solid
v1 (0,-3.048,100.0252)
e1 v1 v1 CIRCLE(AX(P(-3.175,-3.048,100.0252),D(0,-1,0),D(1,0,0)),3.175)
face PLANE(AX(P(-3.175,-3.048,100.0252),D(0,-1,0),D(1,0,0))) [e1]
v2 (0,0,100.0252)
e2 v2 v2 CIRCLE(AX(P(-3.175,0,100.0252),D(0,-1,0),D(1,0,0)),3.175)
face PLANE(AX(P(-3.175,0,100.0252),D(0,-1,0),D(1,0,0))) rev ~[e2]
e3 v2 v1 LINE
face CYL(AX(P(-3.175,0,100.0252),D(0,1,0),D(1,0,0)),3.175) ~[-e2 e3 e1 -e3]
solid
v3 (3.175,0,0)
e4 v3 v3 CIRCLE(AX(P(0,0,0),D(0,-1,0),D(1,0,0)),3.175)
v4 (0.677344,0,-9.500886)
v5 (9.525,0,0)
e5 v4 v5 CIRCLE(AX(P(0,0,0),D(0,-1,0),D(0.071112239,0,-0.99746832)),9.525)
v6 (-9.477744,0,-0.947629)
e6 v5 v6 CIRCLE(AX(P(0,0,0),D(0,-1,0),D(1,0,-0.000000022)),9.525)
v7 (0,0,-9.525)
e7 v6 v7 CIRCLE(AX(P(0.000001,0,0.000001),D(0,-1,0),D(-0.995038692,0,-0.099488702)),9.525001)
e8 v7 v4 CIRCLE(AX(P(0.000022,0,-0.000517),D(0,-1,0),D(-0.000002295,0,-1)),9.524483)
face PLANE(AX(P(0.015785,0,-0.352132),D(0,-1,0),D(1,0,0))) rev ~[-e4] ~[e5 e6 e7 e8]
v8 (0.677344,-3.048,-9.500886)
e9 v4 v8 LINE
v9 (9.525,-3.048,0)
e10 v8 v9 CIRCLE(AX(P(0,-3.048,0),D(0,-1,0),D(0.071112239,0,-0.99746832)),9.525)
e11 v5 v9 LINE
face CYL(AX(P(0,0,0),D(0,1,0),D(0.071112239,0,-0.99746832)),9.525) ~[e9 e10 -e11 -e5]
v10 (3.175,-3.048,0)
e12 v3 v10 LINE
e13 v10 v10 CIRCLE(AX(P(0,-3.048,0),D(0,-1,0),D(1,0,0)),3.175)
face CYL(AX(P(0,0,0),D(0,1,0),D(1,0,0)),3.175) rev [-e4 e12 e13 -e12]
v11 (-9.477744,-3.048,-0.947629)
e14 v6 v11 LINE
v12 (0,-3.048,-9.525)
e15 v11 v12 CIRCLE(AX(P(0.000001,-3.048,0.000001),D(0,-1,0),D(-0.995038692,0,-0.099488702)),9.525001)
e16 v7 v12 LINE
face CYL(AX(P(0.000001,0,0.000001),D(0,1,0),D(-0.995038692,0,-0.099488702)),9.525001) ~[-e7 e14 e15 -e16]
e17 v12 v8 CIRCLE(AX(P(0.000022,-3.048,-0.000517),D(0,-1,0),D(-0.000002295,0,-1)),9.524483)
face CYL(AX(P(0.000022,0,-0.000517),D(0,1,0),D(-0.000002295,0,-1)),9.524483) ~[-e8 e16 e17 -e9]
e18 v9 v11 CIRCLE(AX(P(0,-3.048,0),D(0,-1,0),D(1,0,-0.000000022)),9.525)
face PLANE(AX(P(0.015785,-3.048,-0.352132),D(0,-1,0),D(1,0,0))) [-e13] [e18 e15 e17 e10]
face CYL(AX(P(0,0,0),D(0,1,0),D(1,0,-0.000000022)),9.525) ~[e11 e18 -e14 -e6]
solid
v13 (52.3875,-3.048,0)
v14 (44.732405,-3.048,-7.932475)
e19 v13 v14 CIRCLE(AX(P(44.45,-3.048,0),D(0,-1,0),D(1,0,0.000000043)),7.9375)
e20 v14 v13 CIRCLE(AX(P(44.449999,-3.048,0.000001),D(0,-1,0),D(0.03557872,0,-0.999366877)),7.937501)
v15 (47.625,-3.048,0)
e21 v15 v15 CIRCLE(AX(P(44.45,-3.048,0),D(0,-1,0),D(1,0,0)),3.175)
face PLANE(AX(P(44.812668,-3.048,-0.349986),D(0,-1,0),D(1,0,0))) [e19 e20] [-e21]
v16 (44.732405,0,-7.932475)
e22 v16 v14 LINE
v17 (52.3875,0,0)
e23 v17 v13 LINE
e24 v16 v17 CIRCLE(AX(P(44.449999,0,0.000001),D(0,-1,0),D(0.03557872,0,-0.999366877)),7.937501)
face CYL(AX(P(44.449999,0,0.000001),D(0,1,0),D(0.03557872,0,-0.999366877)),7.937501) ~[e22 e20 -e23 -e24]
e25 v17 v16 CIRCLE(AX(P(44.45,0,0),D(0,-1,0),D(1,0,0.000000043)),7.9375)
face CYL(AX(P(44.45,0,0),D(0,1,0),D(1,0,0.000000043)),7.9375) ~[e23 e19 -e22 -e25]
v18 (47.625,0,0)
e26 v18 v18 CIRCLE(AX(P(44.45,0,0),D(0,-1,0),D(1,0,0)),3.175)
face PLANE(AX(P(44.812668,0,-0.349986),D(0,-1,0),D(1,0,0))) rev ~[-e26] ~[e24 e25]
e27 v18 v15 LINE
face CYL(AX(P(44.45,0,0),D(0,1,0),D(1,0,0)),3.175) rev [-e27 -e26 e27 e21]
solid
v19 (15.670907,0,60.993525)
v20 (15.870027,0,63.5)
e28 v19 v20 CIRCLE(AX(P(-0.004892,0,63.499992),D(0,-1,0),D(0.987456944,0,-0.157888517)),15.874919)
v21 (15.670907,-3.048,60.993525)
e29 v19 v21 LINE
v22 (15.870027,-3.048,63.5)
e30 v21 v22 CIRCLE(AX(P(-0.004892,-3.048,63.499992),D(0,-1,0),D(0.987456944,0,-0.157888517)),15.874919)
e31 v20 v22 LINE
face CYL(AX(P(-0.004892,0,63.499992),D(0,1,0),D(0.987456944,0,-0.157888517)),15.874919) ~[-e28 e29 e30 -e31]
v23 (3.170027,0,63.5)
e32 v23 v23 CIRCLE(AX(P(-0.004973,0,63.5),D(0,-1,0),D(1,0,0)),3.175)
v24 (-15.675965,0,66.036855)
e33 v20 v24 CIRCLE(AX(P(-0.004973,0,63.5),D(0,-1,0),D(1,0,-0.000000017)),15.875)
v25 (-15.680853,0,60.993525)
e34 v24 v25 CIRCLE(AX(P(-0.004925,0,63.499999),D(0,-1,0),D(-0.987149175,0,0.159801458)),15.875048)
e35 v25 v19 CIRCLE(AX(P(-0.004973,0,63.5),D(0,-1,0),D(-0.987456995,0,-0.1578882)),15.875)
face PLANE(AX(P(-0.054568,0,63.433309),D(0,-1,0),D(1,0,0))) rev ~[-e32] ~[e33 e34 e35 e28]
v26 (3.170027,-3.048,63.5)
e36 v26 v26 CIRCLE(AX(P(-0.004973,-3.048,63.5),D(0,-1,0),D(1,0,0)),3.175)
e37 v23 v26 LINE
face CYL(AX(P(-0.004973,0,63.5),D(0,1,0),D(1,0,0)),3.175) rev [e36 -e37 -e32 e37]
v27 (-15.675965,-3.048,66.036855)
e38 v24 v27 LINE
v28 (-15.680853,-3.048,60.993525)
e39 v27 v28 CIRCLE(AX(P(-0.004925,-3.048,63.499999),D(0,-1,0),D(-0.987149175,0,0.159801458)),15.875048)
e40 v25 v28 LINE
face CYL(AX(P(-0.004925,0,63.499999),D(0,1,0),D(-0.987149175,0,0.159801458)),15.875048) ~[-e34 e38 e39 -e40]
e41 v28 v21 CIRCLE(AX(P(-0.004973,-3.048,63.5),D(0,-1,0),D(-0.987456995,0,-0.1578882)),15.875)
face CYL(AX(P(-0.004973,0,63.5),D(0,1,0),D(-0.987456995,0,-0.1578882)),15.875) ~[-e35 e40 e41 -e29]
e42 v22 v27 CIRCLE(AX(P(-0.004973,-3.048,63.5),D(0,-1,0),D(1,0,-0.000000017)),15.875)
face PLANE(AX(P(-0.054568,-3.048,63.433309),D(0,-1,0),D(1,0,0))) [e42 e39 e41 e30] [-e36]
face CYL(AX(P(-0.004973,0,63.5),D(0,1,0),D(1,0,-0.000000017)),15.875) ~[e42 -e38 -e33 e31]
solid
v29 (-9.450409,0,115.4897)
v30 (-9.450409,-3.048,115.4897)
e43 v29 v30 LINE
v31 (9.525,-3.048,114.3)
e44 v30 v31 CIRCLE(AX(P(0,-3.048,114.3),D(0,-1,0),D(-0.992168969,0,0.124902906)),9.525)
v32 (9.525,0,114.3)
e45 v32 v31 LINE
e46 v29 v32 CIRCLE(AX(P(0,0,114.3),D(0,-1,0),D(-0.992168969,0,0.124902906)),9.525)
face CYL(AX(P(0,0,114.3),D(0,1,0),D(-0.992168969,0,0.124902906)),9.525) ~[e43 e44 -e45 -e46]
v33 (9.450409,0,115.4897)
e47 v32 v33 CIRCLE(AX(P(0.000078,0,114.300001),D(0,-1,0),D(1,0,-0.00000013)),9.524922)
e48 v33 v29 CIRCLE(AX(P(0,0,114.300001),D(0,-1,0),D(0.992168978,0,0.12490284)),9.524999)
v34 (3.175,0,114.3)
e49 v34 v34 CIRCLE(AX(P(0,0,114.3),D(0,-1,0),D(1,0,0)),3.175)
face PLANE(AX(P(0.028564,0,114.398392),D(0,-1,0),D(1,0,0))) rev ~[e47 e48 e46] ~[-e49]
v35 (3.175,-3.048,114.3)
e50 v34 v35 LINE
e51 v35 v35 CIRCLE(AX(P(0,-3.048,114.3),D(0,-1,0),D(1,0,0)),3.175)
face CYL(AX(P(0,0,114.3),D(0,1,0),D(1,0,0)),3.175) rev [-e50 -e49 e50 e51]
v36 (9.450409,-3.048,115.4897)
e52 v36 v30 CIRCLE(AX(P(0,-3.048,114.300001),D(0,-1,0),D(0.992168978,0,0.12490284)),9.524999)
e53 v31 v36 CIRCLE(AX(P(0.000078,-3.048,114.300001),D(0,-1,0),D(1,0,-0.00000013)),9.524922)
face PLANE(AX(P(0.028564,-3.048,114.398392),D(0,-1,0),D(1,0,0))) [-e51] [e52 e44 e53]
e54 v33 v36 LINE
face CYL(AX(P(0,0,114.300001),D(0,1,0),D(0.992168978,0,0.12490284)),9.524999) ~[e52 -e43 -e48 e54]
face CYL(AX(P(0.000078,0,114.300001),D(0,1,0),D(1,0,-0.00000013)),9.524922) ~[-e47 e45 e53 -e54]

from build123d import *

# Parameters (mm, degrees)
F0_R     = 3.175
F1_DEPTH = 3.048


with BuildPart() as f1:
    # F0 (on Front) → F1 (new body)
    with BuildSketch(Plane.XZ):
        with BuildLine():
            ThreePointArc((15.670907, 60.993525), (15.820169, 62.242814), (15.870027, 63.5))
            ThreePointArc((15.870027, 63.5), (1.26755, 79.323916), (-15.675965, 66.036855))
            ThreePointArc((-15.675965, 66.036855), (-15.879965, 63.515386), (-15.680853, 60.993525))
            ThreePointArc((-15.680853, 60.993525), (-0.004973, 47.625), (15.670907, 60.993525))
        make_face()
        with Locations((-0.004973, 63.5)):
            Circle(F0_R, mode=Mode.SUBTRACT)
        with BuildLine():
            ThreePointArc((52.3875, 0), (38.738367, 5.51191), (44.732405, -7.932475))
            ThreePointArc((44.732405, -7.932475), (50.161633, -5.51191), (52.3875, 0))
        make_face()
        with Locations((44.45, 0)):
            Circle(F0_R, mode=Mode.SUBTRACT)
        with BuildLine():
            ThreePointArc((9.525, 0), (-0.474403, 9.513179), (-9.477744, -0.947629))
            ThreePointArc((-9.477744, -0.947629), (-6.391379, -7.062287), (0, -9.525))
            Line((0, -9.525), (0.677344, -9.500886))
            ThreePointArc((0.677344, -9.500886), (6.970557, -6.491299), (9.525, 0))
        make_face()
        Circle(F0_R, mode=Mode.SUBTRACT)
        with BuildLine():
            ThreePointArc((9.450409, 115.4897), (0, 123.825), (-9.450409, 115.4897))
            ThreePointArc((-9.450409, 115.4897), (-0.596018, 104.793666), (9.525, 114.3))
            ThreePointArc((9.525, 114.3), (9.506334, 114.896018), (9.450409, 115.4897))
        make_face()
        with Locations((0, 114.3)):
            Circle(F0_R, mode=Mode.SUBTRACT)
        with BuildLine():
            Line((0.677344, -9.500886), (0, -9.525))
            ThreePointArc((0, -9.525), (0.338886, -9.51897), (0.677344, -9.500886))
        make_face()
        with Locations((-3.175, 100.0252)):
            Circle(F0_R)
    extrude(amount=F1_DEPTH)


solid = f1.part
